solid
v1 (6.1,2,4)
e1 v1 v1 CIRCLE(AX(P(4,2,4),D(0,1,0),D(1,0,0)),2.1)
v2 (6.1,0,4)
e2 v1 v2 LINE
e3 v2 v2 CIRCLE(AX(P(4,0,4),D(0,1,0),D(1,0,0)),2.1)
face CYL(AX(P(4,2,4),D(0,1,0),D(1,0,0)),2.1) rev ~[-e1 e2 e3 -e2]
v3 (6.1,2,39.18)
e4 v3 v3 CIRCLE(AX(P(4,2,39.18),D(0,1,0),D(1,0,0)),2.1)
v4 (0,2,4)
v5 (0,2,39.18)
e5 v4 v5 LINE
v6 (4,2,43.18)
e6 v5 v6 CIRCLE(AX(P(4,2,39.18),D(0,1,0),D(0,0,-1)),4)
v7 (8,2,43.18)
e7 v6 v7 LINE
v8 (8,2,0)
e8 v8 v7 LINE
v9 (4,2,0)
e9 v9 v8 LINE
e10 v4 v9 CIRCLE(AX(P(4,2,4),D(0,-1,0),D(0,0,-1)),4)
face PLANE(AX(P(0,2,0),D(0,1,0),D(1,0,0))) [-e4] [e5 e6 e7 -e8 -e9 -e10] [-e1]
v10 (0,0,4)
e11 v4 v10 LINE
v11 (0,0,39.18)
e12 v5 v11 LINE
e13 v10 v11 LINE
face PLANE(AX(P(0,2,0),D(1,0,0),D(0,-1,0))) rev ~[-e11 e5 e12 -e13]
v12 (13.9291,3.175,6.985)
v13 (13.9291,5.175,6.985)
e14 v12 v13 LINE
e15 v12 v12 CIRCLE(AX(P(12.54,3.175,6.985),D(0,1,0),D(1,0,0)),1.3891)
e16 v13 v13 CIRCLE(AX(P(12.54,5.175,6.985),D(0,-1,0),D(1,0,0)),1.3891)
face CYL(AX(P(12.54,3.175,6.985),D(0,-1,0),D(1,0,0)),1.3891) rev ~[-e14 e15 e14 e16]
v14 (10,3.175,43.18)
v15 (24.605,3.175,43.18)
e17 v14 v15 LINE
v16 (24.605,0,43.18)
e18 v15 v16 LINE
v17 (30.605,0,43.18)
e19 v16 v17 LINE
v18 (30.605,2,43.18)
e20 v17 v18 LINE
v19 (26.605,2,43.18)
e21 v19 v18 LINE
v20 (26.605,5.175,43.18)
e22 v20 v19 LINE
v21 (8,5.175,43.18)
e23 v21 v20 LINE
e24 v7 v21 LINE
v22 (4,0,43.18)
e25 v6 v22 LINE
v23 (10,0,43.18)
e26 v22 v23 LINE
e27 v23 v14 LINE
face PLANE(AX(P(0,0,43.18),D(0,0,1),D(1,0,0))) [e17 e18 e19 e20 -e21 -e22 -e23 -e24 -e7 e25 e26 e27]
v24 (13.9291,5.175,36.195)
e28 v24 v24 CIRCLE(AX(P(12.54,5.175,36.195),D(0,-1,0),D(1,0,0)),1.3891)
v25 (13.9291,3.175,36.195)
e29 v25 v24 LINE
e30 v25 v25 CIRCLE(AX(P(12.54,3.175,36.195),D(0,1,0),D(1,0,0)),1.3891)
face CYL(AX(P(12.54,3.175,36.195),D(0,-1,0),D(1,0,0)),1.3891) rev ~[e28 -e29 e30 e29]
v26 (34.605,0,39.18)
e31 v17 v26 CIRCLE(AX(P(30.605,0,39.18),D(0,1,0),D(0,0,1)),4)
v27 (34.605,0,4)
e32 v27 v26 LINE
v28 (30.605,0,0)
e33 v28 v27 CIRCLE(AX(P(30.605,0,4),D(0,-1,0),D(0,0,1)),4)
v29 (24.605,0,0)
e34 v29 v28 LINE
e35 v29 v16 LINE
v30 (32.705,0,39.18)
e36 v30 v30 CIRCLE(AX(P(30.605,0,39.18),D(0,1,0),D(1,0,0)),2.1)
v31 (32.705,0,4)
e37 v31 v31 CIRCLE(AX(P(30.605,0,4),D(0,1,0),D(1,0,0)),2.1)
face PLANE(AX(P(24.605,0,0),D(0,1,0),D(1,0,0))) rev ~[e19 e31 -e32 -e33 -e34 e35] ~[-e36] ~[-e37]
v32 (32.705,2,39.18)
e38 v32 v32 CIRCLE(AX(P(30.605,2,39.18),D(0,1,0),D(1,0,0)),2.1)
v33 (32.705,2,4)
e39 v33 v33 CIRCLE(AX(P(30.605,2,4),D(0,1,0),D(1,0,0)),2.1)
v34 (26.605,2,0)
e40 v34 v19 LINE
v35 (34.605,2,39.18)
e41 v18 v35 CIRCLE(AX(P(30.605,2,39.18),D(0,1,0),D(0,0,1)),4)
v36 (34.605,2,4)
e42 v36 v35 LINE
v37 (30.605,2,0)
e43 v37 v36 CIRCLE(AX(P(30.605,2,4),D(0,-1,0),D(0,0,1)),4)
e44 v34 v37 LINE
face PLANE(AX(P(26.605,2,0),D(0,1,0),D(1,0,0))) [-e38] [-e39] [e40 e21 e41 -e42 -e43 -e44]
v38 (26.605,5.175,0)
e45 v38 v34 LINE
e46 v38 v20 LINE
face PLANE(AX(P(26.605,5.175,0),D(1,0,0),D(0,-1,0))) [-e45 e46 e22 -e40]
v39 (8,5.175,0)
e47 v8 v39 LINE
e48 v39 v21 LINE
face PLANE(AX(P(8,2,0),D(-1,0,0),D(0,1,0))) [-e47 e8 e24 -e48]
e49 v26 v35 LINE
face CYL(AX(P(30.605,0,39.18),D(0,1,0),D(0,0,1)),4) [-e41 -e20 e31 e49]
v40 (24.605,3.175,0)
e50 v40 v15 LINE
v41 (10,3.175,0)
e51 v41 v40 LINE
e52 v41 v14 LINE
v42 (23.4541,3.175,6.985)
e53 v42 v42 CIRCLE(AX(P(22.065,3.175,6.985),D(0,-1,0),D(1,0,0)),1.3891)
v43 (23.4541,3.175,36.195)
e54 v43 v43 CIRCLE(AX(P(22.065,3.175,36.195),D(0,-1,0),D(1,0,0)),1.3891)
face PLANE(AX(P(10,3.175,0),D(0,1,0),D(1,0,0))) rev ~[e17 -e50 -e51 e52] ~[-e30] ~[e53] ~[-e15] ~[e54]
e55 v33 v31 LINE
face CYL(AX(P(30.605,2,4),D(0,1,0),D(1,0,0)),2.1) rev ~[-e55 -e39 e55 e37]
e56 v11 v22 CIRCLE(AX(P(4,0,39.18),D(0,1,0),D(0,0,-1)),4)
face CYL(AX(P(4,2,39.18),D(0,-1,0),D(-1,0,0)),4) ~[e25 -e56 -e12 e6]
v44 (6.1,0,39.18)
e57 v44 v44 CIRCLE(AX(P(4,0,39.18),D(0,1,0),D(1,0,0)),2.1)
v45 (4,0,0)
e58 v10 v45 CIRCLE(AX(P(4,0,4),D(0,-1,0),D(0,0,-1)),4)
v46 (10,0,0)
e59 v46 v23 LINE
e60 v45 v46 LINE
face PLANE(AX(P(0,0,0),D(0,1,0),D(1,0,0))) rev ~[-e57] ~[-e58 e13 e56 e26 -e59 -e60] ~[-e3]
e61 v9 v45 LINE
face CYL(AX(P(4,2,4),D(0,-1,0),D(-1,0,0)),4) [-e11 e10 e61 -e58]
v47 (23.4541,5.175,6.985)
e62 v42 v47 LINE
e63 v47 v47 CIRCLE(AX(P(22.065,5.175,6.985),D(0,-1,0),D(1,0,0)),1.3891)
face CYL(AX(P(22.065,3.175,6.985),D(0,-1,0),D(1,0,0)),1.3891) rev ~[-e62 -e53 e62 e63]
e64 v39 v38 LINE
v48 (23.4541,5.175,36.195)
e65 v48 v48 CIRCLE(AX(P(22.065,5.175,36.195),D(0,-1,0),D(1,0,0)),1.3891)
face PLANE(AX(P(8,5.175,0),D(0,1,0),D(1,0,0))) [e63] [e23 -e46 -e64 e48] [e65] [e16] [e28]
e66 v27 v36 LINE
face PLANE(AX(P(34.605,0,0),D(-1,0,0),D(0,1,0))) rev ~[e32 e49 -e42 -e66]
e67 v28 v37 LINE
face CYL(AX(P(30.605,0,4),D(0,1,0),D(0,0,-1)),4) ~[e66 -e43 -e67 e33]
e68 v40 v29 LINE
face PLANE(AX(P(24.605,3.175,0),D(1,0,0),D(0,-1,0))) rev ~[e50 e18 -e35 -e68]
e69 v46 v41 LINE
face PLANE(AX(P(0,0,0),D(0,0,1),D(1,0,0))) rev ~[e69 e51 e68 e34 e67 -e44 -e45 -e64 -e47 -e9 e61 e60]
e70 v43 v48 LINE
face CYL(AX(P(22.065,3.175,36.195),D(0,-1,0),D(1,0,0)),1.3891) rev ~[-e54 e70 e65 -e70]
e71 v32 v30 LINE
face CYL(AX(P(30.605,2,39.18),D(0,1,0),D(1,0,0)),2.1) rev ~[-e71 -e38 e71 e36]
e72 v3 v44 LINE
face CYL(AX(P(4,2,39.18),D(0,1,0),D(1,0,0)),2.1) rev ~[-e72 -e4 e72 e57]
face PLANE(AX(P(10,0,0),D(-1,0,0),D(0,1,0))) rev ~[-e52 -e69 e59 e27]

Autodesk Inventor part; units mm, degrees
ref_plane "YZ Plane" through (0, 0, 0) normal (1, 0, 0) x (0, 1, 0)
ref_plane "XZ Plane" through (0, 0, 0) normal (0, 1, 0) x (-1, 0, 0)
ref_plane "XY Plane" through (0, 0, 0) normal (0, 0, 1) x (1, 0, 0)
sketch "Sketch1" plane through (0, 0, 0) normal (0, 0, 1) x (1, 0, 0)
  line L0 (0, 0) -> (10, 0)
  line L1 (10, 0) -> (10, 3.175)
  line L2 (10, 3.175) -> (24.605, 3.175)
  line L3 (24.605, 3.175) -> (24.605, 0)
  line L4 (24.605, 0) -> (34.605, 0)
  line L5 (0, 2) -> (8, 2)
  line L6 (8, 2) -> (8, 5.175)
  line L7 (8, 5.175) -> (26.605, 5.175)
  line L8 (26.605, 5.175) -> (26.605, 2)
  line L9 (26.605, 2) -> (34.605, 2)
  line L10 (0, 2) -> (0, 0)
  line L11 (34.605, 0) -> (34.605, 2)
  dimension "d0" = 10
  dimension "d1" = 3.175
  dimension "d2" = 14.605
  dimension "d3" = 10
  dimension "d4" = 2
extrude "Extrusion1" add sketch "Sketch1" along normal blind 43.18
sketch "Sketch2" plane through (10, 3.175, 0) normal (0, -1, 0) x (1, 0, 0)
  line L0 (0, 0) -> (14.605, 0) projected
  line L1 (14.605, 0) -> (14.605, 43.18) projected
  line L2 (0, 43.18) -> (14.605, 43.18) projected
  line L3 (0, 0) -> (0, 43.18) projected
  line L4 (14.605, 0) -> (14.605, 43.18) projected
  line L5 (14.605, 0) -> (14.605, 6.985)
  line L6 (14.605, 6.985) -> (12.065, 6.985)
  circle A0 centre (12.065, 6.985) radius 1.3891
  line L7 (0, 0) -> (14.605, 0) projected
  line L8 (0, 0) -> (0, 6.985)
  line L9 (0, 0) -> (0, 43.18) projected
  line L10 (0, 6.985) -> (2.54, 6.985)
  circle A1 centre (2.54, 6.985) radius 1.3891
  line L11 (14.605, 43.18) -> (14.605, 36.195)
  line L12 (14.605, 36.195) -> (12.065, 36.195)
  circle A2 centre (12.065, 36.195) radius 1.3891
  line L13 (-10, 43.18) -> (0, 43.18) projected
  line L14 (0, 43.18) -> (0, 36.195)
  line L15 (0, 36.195) -> (2.54, 36.195)
  circle A3 centre (2.54, 36.195) radius 1.3891
  point P0 (-10, 0)
  dimension "d7" = 6.985
  dimension "d8" = 2.54
  dimension "d9" = 2.7781
  dimension "d10" = 6.985
  dimension "d11" = 2.54
  dimension "d12" = 2.7781
  dimension "d13" = 6.985
  dimension "d14" = 2.54
  dimension "d15" = 2.7781
  dimension "d16" = 6.985
  dimension "d17" = 2.54
  dimension "d18" = 2.7781
extrude "Extrusion2" cut sketch "Sketch2" against normal blind 43.18 contours A0 | A2 | A3 | A1
fillet "Fillet1" radius 4 4 edges at (34.605, 1, 43.18) (34.605, 1, 0) (0, 1, 0) (0, 1, 43.18)
sketch "Sketch4" plane through (26.605, 2, 43.18) normal (0, 1, 0) x (1, 0, 0)
  arc A0 (-26.605, 4) -> (-22.605, 0) centre (-22.605, 4) ccw projected
  arc A1 (-22.605, 43.18) -> (-26.605, 39.18) centre (-22.605, 39.18) ccw projected
  arc A2 (8, 39.18) -> (4, 43.18) centre (4, 39.18) ccw projected
  arc A3 (4, 0) -> (8, 4) centre (4, 4) ccw projected
  circle A4 centre (4, 4) radius 2.1
  circle A5 centre (4, 39.18) radius 2.1
  circle A6 centre (-22.605, 39.18) radius 2.1
  circle A7 centre (-22.605, 4) radius 2.1
  point P0 (-26.605, 43.18)
  dimension "d22" = 4.2
  dimension "d23" = 4.2
  dimension "d24" = 4.2
  dimension "d25" = 4.2
extrude "Extrusion3" cut sketch "Sketch4" against normal blind 43.18
properties part number "buckconverter-holder"
